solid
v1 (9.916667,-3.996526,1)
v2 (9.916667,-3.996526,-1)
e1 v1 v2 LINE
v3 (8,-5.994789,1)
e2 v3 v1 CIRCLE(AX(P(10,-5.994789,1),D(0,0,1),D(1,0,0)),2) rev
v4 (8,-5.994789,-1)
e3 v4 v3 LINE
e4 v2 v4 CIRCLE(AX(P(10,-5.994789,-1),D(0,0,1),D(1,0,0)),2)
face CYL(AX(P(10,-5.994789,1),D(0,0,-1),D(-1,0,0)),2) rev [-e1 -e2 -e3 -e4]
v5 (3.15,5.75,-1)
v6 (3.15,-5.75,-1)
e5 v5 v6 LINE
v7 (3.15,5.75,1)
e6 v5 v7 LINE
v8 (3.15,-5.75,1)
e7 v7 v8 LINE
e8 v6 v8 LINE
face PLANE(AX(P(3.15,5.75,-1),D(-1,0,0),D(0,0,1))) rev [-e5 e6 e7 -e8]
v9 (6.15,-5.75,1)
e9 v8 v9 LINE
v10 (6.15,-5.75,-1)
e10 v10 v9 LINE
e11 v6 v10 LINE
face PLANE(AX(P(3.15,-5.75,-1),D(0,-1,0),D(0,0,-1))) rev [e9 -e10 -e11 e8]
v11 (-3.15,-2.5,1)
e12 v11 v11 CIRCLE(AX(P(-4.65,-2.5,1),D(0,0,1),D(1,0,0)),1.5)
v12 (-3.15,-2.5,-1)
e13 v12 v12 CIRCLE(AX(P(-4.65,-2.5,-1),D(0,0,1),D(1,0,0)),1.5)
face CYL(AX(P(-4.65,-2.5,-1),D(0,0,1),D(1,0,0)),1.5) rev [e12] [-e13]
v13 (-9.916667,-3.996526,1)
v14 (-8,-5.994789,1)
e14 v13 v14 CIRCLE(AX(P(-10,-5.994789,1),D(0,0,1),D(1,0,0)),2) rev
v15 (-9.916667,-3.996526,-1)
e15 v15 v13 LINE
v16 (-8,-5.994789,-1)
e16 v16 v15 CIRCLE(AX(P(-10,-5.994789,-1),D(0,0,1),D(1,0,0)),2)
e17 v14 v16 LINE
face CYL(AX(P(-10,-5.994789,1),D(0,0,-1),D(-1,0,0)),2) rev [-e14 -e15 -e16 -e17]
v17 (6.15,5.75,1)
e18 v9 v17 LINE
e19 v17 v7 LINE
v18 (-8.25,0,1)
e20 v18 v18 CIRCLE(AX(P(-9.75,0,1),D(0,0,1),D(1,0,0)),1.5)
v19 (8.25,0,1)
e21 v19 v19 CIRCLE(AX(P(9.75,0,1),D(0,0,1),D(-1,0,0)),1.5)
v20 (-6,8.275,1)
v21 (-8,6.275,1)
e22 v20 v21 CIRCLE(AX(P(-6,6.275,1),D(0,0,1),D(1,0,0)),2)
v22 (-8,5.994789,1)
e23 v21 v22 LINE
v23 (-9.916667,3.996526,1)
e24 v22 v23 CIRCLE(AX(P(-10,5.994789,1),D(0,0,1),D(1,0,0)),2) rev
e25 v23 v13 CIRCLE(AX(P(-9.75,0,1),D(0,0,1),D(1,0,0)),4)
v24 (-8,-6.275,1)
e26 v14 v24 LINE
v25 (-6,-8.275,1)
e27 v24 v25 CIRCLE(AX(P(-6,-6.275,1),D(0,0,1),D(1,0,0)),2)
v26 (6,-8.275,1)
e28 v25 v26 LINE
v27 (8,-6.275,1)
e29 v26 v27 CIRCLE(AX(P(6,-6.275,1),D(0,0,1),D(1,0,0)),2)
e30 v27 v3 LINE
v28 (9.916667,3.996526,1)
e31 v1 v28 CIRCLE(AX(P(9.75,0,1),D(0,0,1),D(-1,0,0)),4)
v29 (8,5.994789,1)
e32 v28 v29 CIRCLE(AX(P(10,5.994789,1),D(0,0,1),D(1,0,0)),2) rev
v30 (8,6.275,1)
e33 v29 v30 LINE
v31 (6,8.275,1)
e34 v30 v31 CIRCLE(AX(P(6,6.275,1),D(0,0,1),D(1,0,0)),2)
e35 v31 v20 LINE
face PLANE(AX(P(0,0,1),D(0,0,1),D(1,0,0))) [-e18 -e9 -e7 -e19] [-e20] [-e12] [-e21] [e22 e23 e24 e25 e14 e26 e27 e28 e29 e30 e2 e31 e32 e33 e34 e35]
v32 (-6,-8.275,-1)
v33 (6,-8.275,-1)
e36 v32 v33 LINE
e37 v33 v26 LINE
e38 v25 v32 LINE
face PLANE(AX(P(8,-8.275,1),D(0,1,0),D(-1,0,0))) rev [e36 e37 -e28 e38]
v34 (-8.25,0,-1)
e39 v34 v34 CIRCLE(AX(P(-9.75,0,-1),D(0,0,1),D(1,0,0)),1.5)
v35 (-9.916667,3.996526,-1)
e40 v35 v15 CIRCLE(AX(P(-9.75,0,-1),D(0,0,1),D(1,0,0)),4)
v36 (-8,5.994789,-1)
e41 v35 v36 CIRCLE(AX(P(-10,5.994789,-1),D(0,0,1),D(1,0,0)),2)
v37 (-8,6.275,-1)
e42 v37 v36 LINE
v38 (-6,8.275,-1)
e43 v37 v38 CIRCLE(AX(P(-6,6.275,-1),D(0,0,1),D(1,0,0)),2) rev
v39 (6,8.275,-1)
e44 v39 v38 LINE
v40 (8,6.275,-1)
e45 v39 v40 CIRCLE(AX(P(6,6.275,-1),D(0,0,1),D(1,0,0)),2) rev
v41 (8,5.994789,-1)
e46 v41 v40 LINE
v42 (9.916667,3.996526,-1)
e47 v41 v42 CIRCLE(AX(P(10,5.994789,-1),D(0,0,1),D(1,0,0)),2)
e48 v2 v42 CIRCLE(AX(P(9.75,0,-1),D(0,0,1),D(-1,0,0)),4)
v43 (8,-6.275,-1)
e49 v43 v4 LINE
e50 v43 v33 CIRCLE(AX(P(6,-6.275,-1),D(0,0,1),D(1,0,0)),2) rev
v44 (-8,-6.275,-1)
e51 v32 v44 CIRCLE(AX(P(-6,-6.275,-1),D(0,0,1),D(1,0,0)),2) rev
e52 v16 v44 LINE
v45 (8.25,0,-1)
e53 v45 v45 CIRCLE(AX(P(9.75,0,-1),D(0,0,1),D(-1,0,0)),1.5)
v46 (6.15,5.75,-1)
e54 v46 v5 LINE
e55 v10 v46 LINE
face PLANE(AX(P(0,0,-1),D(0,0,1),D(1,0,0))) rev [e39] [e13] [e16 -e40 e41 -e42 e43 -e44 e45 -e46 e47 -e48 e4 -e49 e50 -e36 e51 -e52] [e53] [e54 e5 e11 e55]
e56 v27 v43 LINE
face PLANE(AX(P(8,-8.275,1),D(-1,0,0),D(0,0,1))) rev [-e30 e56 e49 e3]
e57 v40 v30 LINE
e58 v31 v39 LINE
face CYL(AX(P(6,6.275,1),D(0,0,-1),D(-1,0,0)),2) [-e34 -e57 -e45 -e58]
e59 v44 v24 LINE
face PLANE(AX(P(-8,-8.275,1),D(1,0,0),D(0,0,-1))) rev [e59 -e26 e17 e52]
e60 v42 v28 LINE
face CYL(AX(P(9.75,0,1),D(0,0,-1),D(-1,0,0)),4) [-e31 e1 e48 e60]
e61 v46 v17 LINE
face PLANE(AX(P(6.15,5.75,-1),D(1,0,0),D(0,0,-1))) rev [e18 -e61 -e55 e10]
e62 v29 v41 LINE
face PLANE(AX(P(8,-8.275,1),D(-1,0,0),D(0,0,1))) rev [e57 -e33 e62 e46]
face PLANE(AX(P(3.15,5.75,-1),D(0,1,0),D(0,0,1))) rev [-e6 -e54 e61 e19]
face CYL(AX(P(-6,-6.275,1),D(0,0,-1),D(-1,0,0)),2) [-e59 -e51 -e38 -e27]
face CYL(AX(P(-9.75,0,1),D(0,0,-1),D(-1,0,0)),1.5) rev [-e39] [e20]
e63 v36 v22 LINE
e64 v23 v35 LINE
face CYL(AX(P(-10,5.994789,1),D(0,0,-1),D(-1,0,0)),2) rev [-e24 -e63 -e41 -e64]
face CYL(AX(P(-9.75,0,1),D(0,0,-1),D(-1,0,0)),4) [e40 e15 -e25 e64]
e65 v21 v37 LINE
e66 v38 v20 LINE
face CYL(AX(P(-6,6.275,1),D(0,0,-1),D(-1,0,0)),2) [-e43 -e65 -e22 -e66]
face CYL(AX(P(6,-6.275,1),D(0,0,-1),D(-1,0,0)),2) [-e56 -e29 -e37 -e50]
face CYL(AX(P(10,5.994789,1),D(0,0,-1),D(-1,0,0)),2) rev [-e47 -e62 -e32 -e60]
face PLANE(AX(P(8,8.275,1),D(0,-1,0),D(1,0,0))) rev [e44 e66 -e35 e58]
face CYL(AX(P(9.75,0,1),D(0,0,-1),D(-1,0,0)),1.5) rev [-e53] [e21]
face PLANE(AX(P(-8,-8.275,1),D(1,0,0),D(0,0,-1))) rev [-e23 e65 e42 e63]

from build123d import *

# Parameters (mm, degrees)
SKETCH1_W               = 16
SKETCH1_H               = 16.55
BOSS_EXTRUDE1_DEPTH     = 1
SKETCH2_R               = 1.5
BOSS_EXTRUDE2_DEPTH     = 1
SKETCH3_R               = 1.5
SKETCH3_W               = 3
SKETCH3_H               = 11.5
CUT_EXTRUDE1_DEPTH      = 2
CUT_EXTRUDE1_DEPTH_BACK = 2
FILLET1_R               = 2


with BuildPart() as part:
    # Sketch1 → Boss-Extrude1 (new body, symmetric)
    with BuildSketch(Plane.XY):
        Rectangle(SKETCH1_W, SKETCH1_H)
    extrude(amount=BOSS_EXTRUDE1_DEPTH, both=True)

    # Sketch2 → Boss-Extrude2 (add, symmetric)
    with BuildSketch(Plane.XY):
        with BuildLine():
            Line((-9.75, 4), (-8, 4))
            Line((-8, 4), (-8, -4))
            Line((-8, -4), (-9.75, -4))
            ThreePointArc((-9.75, -4), (-13.75, 0), (-9.75, 4))
        make_face()
        with Locations((-9.75, 0)):
            Circle(SKETCH2_R, mode=Mode.SUBTRACT)
        with BuildLine():
            Line((9.75, -4), (8, -4))
            Line((8, -4), (8, 4))
            Line((8, 4), (9.75, 4))
            ThreePointArc((9.75, 4), (13.75, 0), (9.75, -4))
        make_face()
        with Locations((9.75, 0)):
            Circle(SKETCH2_R, mode=Mode.SUBTRACT)
    extrude(amount=BOSS_EXTRUDE2_DEPTH, both=True)

    # Sketch3 → Cut-Extrude1 (cut, two sides)
    with BuildSketch(Plane.XY) as cut_extrude1_sk:
        with Locations((-4.65, -2.5)):
            Circle(SKETCH3_R)
        with Locations((4.65, 0)):
            Rectangle(SKETCH3_W, SKETCH3_H)
    extrude(amount=CUT_EXTRUDE1_DEPTH, mode=Mode.SUBTRACT)
    extrude(cut_extrude1_sk.sketch, amount=-CUT_EXTRUDE1_DEPTH_BACK, mode=Mode.SUBTRACT)

    # Fillet1
    fillet1_edges = [part.edges().sort_by_distance(p)[0] for p in [
        (-8, -8.275, 0),
        (-8, -4, 0),
        (8, -8.275, 0),
        (8, -4, 0),
        (8, 4, 0),
        (8, 8.275, 0),
        (-8, 8.275, 0),
        (-8, 4, 0),
    ]]
    fillet(fillet1_edges, radius=FILLET1_R)


solid = part.part
